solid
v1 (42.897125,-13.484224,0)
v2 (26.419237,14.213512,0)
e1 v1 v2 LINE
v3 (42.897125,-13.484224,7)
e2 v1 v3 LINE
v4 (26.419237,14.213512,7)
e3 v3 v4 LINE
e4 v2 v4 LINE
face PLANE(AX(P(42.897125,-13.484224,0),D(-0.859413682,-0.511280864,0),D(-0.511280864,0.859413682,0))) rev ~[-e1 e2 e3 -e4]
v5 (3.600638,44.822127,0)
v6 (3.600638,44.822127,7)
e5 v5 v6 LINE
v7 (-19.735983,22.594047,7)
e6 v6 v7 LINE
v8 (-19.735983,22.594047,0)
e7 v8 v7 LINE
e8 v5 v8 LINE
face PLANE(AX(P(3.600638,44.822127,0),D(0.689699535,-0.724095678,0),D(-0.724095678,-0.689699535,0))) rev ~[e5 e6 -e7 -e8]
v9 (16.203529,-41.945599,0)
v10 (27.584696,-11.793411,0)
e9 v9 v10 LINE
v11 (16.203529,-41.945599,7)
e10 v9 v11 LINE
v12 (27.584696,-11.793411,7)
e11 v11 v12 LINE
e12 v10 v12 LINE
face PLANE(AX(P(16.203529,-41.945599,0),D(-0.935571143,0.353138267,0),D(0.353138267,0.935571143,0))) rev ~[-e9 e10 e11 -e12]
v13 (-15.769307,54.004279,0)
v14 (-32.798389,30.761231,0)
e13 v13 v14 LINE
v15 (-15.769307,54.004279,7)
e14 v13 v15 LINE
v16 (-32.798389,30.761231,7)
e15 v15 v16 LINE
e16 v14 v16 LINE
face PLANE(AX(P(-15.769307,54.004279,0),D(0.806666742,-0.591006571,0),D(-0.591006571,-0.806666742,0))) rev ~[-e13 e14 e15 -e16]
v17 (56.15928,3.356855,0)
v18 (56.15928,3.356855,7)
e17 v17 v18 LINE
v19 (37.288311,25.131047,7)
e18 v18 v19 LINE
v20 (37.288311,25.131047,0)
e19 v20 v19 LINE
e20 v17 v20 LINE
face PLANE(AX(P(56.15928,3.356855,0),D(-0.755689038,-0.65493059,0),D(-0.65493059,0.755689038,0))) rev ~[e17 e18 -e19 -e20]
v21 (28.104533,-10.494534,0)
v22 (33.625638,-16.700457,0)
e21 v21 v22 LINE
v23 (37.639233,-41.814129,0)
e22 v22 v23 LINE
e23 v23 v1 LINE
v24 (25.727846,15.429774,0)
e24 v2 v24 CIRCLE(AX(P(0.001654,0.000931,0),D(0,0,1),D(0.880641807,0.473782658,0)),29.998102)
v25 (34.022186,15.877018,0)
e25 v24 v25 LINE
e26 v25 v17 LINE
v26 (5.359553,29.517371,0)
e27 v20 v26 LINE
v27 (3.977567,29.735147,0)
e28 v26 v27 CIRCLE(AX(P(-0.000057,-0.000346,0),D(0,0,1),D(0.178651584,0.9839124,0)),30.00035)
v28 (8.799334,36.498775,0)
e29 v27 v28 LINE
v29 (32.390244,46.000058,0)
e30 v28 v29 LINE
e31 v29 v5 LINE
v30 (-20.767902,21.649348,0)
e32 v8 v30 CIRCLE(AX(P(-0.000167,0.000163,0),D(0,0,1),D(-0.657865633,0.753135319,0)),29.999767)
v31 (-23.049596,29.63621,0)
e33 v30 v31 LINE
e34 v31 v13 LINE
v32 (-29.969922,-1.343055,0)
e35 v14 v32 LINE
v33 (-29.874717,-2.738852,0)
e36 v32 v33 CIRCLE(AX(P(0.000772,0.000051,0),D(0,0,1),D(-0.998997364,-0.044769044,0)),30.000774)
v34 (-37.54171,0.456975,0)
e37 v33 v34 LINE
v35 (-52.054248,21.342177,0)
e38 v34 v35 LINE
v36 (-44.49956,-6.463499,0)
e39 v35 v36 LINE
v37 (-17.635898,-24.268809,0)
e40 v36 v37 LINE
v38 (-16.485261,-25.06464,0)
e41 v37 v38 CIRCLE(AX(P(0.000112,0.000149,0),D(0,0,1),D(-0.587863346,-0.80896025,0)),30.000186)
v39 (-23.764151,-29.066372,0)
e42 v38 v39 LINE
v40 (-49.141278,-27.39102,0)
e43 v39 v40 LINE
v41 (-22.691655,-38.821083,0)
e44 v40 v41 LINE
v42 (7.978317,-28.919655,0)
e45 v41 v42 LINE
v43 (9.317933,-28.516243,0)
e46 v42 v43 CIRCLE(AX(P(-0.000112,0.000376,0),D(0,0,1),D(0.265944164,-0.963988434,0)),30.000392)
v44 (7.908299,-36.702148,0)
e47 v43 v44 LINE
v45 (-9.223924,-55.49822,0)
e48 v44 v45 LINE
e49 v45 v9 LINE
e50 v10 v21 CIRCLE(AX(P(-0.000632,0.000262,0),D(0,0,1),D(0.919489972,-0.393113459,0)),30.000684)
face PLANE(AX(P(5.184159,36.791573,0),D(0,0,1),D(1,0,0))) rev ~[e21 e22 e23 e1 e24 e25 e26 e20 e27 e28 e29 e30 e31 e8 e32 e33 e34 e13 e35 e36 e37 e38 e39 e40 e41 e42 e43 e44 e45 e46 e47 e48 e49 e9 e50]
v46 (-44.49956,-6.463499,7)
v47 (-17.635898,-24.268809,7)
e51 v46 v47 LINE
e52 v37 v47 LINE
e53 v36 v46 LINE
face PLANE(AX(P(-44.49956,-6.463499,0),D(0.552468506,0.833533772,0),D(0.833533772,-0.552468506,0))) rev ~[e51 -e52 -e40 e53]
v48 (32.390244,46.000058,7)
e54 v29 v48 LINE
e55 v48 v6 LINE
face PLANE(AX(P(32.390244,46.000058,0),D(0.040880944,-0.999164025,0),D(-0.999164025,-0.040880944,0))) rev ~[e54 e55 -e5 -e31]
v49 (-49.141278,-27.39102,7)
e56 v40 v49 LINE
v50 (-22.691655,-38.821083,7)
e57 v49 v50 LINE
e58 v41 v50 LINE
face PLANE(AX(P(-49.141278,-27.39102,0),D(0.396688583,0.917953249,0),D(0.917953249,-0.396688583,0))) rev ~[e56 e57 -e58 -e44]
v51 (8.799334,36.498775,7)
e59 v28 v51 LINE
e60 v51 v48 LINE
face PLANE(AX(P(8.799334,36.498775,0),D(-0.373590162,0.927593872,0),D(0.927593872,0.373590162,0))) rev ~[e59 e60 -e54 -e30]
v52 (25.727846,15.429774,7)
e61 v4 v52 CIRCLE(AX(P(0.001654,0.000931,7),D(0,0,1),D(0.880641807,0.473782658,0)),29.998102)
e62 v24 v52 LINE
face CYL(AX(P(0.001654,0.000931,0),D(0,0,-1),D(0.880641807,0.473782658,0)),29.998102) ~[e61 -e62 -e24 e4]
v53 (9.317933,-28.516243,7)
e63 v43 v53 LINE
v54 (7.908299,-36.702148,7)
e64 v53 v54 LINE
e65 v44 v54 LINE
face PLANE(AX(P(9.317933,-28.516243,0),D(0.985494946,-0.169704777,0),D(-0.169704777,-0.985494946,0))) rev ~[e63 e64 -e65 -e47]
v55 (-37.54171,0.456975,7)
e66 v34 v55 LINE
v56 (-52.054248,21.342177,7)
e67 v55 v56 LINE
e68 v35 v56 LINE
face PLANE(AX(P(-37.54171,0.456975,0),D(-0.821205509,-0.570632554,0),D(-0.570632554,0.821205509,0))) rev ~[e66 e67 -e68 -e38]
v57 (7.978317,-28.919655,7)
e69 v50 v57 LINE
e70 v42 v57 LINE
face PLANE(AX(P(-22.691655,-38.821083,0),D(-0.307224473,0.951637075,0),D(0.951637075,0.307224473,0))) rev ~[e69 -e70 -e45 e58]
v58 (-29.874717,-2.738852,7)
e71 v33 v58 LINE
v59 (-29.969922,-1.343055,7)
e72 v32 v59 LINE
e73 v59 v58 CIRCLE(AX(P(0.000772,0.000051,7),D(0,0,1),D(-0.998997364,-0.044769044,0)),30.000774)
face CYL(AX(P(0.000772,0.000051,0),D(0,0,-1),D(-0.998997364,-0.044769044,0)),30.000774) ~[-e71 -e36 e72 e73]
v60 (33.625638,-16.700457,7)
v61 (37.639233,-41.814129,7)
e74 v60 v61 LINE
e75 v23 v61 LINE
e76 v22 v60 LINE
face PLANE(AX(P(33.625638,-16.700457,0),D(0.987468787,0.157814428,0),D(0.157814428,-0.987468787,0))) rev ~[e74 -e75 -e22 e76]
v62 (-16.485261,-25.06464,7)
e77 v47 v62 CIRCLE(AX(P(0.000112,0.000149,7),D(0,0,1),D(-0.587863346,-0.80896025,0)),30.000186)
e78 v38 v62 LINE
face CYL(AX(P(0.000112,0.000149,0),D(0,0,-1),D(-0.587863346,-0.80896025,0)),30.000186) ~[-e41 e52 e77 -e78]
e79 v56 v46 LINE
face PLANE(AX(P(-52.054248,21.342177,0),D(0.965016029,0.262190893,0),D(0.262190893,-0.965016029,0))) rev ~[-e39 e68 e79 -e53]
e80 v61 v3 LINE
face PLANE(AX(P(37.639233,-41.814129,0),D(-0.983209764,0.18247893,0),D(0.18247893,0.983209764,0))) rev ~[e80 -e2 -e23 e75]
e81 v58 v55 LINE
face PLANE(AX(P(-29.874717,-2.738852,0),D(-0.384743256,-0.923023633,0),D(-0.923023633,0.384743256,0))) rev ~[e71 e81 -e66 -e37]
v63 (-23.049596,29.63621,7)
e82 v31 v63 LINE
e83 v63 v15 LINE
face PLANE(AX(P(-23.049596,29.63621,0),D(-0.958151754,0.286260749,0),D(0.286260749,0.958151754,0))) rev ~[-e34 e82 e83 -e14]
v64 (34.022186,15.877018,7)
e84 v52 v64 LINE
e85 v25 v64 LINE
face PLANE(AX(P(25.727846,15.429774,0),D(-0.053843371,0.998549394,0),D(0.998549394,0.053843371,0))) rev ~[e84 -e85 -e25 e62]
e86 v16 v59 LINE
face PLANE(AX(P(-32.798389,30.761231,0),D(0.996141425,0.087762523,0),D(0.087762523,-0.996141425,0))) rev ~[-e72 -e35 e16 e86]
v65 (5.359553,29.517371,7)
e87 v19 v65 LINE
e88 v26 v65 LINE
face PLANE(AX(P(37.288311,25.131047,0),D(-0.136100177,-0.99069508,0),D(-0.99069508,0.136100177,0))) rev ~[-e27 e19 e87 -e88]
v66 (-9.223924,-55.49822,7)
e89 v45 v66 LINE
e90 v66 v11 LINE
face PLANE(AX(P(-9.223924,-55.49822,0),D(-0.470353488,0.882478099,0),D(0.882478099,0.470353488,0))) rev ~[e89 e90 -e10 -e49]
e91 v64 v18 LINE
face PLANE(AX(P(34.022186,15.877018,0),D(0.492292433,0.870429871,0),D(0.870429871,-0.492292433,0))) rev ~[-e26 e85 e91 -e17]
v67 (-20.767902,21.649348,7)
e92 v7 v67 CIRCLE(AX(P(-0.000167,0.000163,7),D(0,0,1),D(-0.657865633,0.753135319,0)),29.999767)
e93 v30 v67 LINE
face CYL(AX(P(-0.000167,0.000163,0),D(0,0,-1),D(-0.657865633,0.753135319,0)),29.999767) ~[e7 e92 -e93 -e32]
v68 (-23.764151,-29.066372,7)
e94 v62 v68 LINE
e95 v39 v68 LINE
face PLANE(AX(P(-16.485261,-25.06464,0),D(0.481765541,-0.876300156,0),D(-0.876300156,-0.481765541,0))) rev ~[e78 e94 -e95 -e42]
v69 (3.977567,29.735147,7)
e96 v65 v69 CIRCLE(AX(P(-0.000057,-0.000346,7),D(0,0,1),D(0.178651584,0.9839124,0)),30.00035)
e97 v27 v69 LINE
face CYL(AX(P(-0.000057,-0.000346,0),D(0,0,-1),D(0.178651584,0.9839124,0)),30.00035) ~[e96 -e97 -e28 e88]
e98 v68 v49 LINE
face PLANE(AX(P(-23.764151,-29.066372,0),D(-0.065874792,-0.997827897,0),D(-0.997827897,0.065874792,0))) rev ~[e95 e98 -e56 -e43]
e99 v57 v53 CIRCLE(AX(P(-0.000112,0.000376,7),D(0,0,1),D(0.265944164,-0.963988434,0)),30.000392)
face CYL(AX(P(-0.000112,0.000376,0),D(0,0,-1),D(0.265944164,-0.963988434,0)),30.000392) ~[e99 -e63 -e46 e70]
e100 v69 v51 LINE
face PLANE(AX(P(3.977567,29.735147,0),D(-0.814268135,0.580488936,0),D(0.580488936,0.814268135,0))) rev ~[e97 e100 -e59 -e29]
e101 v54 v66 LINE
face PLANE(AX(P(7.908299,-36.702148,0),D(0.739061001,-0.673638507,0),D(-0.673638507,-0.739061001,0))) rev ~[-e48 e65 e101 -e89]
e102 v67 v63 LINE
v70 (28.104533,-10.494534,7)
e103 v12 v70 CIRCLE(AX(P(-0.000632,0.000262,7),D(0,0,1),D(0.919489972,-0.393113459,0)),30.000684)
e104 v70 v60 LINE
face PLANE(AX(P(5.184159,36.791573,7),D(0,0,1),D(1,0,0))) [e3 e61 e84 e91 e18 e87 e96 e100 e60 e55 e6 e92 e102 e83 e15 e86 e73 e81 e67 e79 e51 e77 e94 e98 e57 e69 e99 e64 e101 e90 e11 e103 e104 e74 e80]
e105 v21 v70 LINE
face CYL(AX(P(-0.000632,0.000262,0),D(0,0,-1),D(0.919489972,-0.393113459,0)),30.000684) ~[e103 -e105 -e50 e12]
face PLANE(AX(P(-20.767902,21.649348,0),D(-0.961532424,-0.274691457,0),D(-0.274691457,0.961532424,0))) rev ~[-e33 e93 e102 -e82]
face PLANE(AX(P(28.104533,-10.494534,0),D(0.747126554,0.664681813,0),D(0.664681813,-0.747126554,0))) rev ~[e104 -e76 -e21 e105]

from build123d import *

# Parameters (mm, degrees)
F1_DEPTH = 7


with BuildPart() as f1:
    # F0 (on Top) → F1 (new body)
    with BuildSketch(Plane.XY):
        with BuildLine():
            ThreePointArc((-19.735983, 22.594047), (-8.650477, 28.725759), (3.977567, 29.735147))
            Line((3.977567, 29.735147), (8.799334, 36.498775))
            Line((8.799334, 36.498775), (32.390244, 46.000058))
            Line((32.390244, 46.000058), (3.600638, 44.822127))
            Line((3.600638, 44.822127), (-19.735983, 22.594047))
        make_face()
        with BuildLine():
            ThreePointArc((5.359553, 29.517371), (17.065219, 24.673433), (25.727846, 15.429774))
            Line((25.727846, 15.429774), (34.022186, 15.877018))
            Line((34.022186, 15.877018), (56.15928, 3.356855))
            Line((56.15928, 3.356855), (37.288311, 25.131047))
            Line((37.288311, 25.131047), (5.359553, 29.517371))
        make_face()
        with BuildLine():
            ThreePointArc((26.419237, 14.213512), (29.091039, 7.328809), (30, 0))
            ThreePointArc((30, 0), (29.52233, -5.332167), (28.104533, -10.494534))
            Line((28.104533, -10.494534), (33.625638, -16.700457))
            Line((33.625638, -16.700457), (37.639233, -41.814129))
            Line((37.639233, -41.814129), (42.897125, -13.484224))
            Line((42.897125, -13.484224), (26.419237, 14.213512))
        make_face()
        with BuildLine():
            Line((16.203529, -41.945599), (27.584696, -11.793411))
            ThreePointArc((27.584696, -11.793411), (20.25745, -22.127714), (9.317933, -28.516243))
            Line((9.317933, -28.516243), (7.908299, -36.702148))
            Line((7.908299, -36.702148), (-9.223924, -55.49822))
            Line((-9.223924, -55.49822), (16.203529, -41.945599))
        make_face()
        with BuildLine():
            Line((-22.691655, -38.821083), (7.978317, -28.919655))
            ThreePointArc((7.978317, -28.919655), (-4.66983, -29.634316), (-16.485261, -25.06464))
            Line((-16.485261, -25.06464), (-23.764151, -29.066372))
            Line((-23.764151, -29.066372), (-49.141278, -27.39102))
            Line((-49.141278, -27.39102), (-22.691655, -38.821083))
        make_face()
        with BuildLine():
            Line((-44.49956, -6.463499), (-17.635898, -24.268809))
            ThreePointArc((-17.635898, -24.268809), (-26.080633, -14.825674), (-29.874717, -2.738852))
            Line((-29.874717, -2.738852), (-37.54171, 0.456975))
            Line((-37.54171, 0.456975), (-52.054248, 21.342177))
            Line((-52.054248, 21.342177), (-44.49956, -6.463499))
        make_face()
        with BuildLine():
            ThreePointArc((28.104533, -10.494534), (29.52233, -5.332167), (30, 0))
            ThreePointArc((30, 0), (29.091039, 7.328809), (26.419237, 14.213512))
            ThreePointArc((26.419237, 14.213512), (26.080633, 14.825674), (25.727846, 15.429774))
            ThreePointArc((25.727846, 15.429774), (17.065219, 24.673433), (5.359553, 29.517371))
            ThreePointArc((5.359553, 29.517371), (4.66983, 29.634316), (3.977567, 29.735147))
            ThreePointArc((3.977567, 29.735147), (-8.650477, 28.725759), (-19.735983, 22.594047))
            ThreePointArc((-19.735983, 22.594047), (-20.25745, 22.127714), (-20.767902, 21.649348))
            ThreePointArc((-20.767902, 21.649348), (-27.852187, 11.147003), (-29.969922, -1.343055))
            ThreePointArc((-29.969922, -1.343055), (-29.930457, -2.041508), (-29.874717, -2.738852))
            ThreePointArc((-29.874717, -2.738852), (-26.080633, -14.825674), (-17.635898, -24.268809))
            ThreePointArc((-17.635898, -24.268809), (-17.065219, -24.673433), (-16.485261, -25.06464))
            ThreePointArc((-16.485261, -25.06464), (-4.66983, -29.634316), (7.978317, -28.919655))
            ThreePointArc((7.978317, -28.919655), (8.650477, -28.725759), (9.317933, -28.516243))
            ThreePointArc((9.317933, -28.516243), (20.25745, -22.127714), (27.584696, -11.793411))
            ThreePointArc((27.584696, -11.793411), (27.852187, -11.147003), (28.104533, -10.494534))
        make_face()
        with BuildLine():
            ThreePointArc((-29.969922, -1.343055), (-27.852187, 11.147003), (-20.767902, 21.649348))
            Line((-20.767902, 21.649348), (-23.049596, 29.63621))
            Line((-23.049596, 29.63621), (-15.769307, 54.004279))
            Line((-15.769307, 54.004279), (-32.798389, 30.761231))
            Line((-32.798389, 30.761231), (-29.969922, -1.343055))
        make_face()
    extrude(amount=F1_DEPTH)


solid = f1.part
